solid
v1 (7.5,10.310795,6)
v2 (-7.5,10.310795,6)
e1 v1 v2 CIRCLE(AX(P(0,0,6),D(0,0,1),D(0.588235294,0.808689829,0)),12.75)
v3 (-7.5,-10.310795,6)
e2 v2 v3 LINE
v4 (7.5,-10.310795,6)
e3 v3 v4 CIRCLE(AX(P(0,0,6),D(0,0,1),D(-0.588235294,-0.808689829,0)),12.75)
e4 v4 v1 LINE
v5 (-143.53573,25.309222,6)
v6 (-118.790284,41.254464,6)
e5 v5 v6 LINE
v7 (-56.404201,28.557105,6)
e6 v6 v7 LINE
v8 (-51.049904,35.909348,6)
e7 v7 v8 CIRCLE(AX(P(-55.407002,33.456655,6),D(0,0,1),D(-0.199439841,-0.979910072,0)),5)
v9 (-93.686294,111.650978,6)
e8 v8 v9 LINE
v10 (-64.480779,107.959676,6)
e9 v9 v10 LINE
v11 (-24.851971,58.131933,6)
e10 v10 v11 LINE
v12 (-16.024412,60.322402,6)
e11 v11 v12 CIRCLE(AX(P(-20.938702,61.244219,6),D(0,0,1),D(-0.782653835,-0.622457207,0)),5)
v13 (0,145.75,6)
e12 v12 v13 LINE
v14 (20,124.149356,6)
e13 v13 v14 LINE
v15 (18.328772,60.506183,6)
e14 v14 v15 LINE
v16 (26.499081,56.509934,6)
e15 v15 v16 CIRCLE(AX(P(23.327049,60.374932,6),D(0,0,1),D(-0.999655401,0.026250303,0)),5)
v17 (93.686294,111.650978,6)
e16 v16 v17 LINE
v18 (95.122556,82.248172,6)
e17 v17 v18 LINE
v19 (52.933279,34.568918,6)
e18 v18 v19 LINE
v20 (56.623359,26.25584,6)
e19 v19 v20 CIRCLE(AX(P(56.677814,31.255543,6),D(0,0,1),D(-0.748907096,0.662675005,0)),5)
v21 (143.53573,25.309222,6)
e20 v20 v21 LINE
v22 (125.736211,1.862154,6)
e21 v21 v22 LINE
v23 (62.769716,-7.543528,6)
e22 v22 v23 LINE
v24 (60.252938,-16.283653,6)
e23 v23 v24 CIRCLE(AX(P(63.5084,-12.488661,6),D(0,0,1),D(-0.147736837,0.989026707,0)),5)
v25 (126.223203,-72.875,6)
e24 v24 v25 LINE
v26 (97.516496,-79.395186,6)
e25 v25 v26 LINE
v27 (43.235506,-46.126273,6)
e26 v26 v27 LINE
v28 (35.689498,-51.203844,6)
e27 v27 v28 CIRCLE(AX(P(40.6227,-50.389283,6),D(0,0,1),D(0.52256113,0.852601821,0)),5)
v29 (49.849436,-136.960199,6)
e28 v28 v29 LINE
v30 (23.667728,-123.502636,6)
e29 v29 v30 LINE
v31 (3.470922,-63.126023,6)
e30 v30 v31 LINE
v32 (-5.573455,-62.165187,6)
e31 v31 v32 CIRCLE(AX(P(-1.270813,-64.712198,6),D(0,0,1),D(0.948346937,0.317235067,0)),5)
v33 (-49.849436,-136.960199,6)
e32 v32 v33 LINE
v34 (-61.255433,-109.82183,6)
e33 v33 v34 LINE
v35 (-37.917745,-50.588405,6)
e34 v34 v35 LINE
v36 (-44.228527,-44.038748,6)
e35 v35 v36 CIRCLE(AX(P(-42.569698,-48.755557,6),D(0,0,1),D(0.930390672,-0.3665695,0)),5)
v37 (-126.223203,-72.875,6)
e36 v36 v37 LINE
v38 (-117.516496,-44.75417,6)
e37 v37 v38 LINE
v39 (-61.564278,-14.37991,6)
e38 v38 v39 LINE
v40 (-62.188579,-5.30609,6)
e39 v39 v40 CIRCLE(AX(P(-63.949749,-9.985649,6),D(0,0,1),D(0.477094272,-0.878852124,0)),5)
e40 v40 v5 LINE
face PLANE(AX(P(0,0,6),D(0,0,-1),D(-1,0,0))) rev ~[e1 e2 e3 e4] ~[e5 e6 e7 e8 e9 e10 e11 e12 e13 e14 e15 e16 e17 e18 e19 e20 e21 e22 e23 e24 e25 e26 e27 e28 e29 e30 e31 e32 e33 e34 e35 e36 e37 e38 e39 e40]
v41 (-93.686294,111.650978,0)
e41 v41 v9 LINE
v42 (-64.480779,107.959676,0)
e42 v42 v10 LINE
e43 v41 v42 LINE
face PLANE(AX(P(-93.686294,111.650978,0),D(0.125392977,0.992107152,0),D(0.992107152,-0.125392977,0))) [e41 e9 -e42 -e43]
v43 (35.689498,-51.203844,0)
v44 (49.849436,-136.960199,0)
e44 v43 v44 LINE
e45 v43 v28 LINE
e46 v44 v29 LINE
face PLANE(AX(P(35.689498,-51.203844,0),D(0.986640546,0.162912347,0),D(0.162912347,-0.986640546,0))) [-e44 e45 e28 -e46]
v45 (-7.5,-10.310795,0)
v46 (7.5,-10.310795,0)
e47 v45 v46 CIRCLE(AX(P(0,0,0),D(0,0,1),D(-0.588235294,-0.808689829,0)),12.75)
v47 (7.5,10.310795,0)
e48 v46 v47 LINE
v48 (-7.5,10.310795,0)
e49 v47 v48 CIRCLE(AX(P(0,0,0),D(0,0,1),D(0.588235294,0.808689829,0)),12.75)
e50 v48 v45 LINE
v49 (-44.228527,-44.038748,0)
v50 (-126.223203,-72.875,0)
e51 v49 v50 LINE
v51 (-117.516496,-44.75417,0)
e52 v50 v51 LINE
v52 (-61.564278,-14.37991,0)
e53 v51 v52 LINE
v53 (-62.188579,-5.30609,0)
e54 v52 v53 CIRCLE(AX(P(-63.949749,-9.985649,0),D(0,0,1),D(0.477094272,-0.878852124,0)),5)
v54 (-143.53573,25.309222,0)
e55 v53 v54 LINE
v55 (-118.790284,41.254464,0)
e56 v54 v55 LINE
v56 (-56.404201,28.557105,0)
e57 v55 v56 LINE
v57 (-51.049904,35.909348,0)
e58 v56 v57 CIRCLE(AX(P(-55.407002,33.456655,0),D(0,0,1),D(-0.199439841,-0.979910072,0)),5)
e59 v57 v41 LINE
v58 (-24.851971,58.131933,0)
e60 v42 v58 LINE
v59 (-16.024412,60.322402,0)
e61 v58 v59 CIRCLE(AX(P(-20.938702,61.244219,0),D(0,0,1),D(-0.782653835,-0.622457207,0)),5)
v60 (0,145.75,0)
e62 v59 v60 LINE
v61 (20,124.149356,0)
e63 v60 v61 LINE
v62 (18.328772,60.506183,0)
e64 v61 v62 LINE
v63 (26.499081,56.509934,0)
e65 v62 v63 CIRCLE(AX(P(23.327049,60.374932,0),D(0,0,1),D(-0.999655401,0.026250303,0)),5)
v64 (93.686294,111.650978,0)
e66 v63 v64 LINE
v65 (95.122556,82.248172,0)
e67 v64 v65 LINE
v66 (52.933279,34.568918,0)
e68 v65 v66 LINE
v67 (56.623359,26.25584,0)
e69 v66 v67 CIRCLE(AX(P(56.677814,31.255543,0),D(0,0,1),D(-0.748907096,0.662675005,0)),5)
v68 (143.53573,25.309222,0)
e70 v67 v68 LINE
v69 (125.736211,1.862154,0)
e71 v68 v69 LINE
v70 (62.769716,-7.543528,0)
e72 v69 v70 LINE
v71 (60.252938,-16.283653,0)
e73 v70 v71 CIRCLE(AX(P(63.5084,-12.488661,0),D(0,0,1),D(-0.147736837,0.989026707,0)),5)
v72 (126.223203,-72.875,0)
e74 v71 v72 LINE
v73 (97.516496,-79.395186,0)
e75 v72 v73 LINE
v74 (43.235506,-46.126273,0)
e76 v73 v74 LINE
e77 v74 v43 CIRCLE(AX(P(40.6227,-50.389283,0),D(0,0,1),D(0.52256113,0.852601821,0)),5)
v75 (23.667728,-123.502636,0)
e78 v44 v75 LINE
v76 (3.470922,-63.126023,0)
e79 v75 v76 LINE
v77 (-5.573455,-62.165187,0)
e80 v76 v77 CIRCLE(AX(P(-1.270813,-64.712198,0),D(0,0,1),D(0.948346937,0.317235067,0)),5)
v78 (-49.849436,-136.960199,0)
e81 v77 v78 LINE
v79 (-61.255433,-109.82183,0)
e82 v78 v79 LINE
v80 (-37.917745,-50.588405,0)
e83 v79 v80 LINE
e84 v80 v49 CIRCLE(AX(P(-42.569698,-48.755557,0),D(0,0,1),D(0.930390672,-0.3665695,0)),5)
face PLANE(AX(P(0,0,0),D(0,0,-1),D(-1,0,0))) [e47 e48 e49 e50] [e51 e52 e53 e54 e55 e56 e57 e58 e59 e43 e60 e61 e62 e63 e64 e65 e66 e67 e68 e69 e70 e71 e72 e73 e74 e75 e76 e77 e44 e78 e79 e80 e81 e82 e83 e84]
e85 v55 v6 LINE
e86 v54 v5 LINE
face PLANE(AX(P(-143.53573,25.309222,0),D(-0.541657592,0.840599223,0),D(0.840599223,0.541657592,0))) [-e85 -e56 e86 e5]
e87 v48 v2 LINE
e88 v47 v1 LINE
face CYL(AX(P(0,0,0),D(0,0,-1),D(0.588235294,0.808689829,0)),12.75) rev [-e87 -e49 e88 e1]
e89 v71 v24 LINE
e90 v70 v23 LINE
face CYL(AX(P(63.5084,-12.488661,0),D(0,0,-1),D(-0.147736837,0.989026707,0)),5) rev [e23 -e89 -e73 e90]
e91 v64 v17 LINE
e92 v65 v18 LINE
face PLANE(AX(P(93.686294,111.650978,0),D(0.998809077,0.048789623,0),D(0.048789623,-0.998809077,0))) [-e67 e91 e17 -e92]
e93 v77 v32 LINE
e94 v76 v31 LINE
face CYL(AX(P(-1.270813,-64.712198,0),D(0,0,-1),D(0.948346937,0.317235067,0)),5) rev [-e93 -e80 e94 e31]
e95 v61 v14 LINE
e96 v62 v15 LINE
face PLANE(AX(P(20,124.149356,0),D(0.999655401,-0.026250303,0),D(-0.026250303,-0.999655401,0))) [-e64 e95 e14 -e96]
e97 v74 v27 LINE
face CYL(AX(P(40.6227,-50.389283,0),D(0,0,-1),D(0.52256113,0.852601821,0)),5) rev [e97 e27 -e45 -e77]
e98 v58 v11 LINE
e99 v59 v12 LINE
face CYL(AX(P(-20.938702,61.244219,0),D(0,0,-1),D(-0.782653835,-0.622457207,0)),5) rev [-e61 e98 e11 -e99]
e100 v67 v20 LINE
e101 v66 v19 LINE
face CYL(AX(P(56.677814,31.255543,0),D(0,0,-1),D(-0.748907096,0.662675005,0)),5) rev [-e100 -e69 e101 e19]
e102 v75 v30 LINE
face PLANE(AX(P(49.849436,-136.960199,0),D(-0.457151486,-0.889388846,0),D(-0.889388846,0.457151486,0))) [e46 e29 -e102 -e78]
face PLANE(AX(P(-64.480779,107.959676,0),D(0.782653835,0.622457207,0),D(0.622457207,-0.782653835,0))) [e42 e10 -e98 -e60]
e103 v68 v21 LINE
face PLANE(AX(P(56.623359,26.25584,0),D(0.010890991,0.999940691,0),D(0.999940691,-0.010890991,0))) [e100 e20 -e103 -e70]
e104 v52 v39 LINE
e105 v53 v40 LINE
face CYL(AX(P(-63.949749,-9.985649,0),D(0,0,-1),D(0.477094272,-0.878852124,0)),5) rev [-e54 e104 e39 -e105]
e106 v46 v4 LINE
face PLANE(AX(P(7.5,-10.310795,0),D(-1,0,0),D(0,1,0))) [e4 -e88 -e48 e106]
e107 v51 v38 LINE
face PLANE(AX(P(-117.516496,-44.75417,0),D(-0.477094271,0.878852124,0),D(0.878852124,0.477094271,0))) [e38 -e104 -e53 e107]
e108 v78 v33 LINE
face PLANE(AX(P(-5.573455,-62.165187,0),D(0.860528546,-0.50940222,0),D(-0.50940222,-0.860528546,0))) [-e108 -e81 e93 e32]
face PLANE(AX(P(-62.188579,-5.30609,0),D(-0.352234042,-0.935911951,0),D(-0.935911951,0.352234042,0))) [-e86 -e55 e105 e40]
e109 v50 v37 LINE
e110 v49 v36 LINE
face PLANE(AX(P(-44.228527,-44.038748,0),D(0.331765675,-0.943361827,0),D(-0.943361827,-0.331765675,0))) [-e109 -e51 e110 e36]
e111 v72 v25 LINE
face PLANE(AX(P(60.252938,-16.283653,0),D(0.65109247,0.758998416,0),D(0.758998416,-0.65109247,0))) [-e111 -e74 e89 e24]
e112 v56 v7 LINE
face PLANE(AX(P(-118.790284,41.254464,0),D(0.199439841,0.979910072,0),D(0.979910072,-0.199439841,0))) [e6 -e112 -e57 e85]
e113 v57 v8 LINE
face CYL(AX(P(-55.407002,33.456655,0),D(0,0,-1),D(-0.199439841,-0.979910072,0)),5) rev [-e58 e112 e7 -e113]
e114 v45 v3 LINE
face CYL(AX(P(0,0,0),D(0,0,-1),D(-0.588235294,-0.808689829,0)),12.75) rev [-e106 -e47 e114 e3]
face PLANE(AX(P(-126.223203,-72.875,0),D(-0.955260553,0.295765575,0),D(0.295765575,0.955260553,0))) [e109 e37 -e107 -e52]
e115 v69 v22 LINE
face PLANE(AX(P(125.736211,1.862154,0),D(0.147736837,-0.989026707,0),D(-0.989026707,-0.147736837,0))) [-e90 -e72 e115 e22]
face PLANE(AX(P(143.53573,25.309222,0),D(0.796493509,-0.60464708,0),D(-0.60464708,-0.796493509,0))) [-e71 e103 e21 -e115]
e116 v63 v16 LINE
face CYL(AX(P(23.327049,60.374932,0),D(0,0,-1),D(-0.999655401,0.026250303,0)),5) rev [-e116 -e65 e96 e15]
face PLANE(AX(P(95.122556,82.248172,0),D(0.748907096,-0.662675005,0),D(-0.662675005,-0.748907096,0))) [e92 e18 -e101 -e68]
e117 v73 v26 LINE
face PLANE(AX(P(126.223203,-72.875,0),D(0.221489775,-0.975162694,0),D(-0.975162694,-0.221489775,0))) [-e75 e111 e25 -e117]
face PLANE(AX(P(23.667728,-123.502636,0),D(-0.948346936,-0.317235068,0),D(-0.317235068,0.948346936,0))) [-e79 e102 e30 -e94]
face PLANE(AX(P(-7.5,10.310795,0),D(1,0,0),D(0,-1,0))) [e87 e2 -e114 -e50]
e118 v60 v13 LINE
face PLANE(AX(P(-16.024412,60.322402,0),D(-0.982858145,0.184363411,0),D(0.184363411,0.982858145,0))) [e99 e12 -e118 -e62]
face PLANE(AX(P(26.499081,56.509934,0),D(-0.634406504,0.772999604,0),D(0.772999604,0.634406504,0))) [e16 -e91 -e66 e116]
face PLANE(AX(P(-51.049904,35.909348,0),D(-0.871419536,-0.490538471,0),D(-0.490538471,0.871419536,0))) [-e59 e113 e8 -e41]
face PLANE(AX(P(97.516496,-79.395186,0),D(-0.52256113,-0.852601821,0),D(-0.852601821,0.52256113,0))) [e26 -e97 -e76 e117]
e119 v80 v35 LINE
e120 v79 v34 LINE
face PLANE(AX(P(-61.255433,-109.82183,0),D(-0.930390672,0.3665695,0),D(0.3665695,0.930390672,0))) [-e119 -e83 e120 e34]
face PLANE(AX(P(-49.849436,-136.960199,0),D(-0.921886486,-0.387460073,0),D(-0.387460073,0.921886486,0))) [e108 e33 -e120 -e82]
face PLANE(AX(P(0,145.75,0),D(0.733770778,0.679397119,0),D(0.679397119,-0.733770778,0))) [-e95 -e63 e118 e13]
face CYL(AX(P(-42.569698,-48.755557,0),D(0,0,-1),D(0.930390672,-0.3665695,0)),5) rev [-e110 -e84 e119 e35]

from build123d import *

# Parameters (mm, degrees)
BOSS_EXTRU_1_DEPTH = 6


with BuildPart() as part:
    # Esquisse1 → Boss.-Extru.1 (new body)
    with BuildSketch(Plane.XY):
        with BuildLine():
            Line((-16.024411517, 60.322401795), (0, 145.75))
            Line((0, 145.75), (20, 124.149355617))
            Line((20, 124.149355617), (18.328771536, 60.506183401))
            ThreePointArc((18.328771536, 60.506183401), (21.130165565, 55.883417087), (26.499081063, 56.509933866))
            Line((26.499081063, 56.509933866), (93.686294112, 111.650977585))
            Line((93.686294112, 111.650977585), (95.122556403, 82.248171793))
            Line((95.122556403, 82.248171793), (52.933278584, 34.568918325))
            ThreePointArc((52.933278584, 34.568918325), (52.107814004, 29.226972506), (56.62335911, 26.255839844))
            Line((56.62335911, 26.255839844), (143.535730002, 25.309221895))
            Line((143.535730002, 25.309221895), (125.736211496, 1.862154301))
            Line((125.736211496, 1.862154301), (62.769716295, -7.543527827))
            ThreePointArc((62.769716295, -7.543527827), (58.703637157, -11.105097332), (60.25293813, -16.283653443))
            Line((60.25293813, -16.283653443), (126.223202602, -72.875))
            Line((126.223202602, -72.875), (97.516495827, -79.395185884))
            Line((97.516495827, -79.395185884), (43.235506143, -46.126273471))
            ThreePointArc((43.235506143, -46.126273471), (37.831376065, -46.240968709), (35.689497763, -51.203844311))
            Line((35.689497763, -51.203844311), (49.84943589, -136.96019948))
            Line((49.84943589, -136.96019948), (23.667727986, -123.502636215))
            Line((23.667727986, -123.502636215), (3.470922159, -63.126023122))
            ThreePointArc((3.470922159, -63.126023122), (-0.742606336, -59.740176916), (-5.573455253, -62.165187359))
            Line((-5.573455253, -62.165187359), (-49.84943589, -136.96019948))
            Line((-49.84943589, -136.96019948), (-61.255432817, -109.821830482))
            Line((-61.255432817, -109.821830482), (-37.917744879, -50.588404986))
            ThreePointArc((-37.917744879, -50.588404986), (-38.969114979, -45.286292406), (-44.228526613, -44.038748352))
            Line((-44.228526613, -44.038748352), (-126.223202602, -72.875))
            Line((-126.223202602, -72.875), (-117.516495827, -44.754169733))
            Line((-117.516495827, -44.754169733), (-61.564277679, -14.37990993))
            ThreePointArc((-61.564277679, -14.37990993), (-58.961541631, -9.642448378), (-62.188578826, -5.306089555))
            Line((-62.188578826, -5.306089555), (-143.535730002, 25.309221895))
            Line((-143.535730002, 25.309221895), (-118.790284389, 41.254464422))
            Line((-118.790284389, 41.254464422), (-56.404200742, 28.557104797))
            ThreePointArc((-56.404200742, 28.557104797), (-51.365207668, 30.51320441), (-51.049903857, 35.909347515))
            Line((-51.049903857, 35.909347515), (-93.686294112, 111.650977585))
            Line((-93.686294112, 111.650977585), (-64.480778678, 107.959676181))
            Line((-64.480778678, 107.959676181), (-24.851971415, 58.131932813))
            ThreePointArc((-24.851971415, 58.131932813), (-19.734522177, 56.391389738), (-16.024411517, 60.322401795))
        make_face()
        with BuildLine():
            Line((-7.5, 10.310795314), (-7.5, -10.310795314))
            ThreePointArc((-7.5, -10.310795314), (0, -12.75), (7.5, -10.310795314))
            Line((7.5, -10.310795314), (7.5, 10.310795314))
            ThreePointArc((7.5, 10.310795314), (0, 12.75), (-7.5, 10.310795314))
        make_face(mode=Mode.SUBTRACT)
    extrude(amount=BOSS_EXTRU_1_DEPTH)


solid = part.part
